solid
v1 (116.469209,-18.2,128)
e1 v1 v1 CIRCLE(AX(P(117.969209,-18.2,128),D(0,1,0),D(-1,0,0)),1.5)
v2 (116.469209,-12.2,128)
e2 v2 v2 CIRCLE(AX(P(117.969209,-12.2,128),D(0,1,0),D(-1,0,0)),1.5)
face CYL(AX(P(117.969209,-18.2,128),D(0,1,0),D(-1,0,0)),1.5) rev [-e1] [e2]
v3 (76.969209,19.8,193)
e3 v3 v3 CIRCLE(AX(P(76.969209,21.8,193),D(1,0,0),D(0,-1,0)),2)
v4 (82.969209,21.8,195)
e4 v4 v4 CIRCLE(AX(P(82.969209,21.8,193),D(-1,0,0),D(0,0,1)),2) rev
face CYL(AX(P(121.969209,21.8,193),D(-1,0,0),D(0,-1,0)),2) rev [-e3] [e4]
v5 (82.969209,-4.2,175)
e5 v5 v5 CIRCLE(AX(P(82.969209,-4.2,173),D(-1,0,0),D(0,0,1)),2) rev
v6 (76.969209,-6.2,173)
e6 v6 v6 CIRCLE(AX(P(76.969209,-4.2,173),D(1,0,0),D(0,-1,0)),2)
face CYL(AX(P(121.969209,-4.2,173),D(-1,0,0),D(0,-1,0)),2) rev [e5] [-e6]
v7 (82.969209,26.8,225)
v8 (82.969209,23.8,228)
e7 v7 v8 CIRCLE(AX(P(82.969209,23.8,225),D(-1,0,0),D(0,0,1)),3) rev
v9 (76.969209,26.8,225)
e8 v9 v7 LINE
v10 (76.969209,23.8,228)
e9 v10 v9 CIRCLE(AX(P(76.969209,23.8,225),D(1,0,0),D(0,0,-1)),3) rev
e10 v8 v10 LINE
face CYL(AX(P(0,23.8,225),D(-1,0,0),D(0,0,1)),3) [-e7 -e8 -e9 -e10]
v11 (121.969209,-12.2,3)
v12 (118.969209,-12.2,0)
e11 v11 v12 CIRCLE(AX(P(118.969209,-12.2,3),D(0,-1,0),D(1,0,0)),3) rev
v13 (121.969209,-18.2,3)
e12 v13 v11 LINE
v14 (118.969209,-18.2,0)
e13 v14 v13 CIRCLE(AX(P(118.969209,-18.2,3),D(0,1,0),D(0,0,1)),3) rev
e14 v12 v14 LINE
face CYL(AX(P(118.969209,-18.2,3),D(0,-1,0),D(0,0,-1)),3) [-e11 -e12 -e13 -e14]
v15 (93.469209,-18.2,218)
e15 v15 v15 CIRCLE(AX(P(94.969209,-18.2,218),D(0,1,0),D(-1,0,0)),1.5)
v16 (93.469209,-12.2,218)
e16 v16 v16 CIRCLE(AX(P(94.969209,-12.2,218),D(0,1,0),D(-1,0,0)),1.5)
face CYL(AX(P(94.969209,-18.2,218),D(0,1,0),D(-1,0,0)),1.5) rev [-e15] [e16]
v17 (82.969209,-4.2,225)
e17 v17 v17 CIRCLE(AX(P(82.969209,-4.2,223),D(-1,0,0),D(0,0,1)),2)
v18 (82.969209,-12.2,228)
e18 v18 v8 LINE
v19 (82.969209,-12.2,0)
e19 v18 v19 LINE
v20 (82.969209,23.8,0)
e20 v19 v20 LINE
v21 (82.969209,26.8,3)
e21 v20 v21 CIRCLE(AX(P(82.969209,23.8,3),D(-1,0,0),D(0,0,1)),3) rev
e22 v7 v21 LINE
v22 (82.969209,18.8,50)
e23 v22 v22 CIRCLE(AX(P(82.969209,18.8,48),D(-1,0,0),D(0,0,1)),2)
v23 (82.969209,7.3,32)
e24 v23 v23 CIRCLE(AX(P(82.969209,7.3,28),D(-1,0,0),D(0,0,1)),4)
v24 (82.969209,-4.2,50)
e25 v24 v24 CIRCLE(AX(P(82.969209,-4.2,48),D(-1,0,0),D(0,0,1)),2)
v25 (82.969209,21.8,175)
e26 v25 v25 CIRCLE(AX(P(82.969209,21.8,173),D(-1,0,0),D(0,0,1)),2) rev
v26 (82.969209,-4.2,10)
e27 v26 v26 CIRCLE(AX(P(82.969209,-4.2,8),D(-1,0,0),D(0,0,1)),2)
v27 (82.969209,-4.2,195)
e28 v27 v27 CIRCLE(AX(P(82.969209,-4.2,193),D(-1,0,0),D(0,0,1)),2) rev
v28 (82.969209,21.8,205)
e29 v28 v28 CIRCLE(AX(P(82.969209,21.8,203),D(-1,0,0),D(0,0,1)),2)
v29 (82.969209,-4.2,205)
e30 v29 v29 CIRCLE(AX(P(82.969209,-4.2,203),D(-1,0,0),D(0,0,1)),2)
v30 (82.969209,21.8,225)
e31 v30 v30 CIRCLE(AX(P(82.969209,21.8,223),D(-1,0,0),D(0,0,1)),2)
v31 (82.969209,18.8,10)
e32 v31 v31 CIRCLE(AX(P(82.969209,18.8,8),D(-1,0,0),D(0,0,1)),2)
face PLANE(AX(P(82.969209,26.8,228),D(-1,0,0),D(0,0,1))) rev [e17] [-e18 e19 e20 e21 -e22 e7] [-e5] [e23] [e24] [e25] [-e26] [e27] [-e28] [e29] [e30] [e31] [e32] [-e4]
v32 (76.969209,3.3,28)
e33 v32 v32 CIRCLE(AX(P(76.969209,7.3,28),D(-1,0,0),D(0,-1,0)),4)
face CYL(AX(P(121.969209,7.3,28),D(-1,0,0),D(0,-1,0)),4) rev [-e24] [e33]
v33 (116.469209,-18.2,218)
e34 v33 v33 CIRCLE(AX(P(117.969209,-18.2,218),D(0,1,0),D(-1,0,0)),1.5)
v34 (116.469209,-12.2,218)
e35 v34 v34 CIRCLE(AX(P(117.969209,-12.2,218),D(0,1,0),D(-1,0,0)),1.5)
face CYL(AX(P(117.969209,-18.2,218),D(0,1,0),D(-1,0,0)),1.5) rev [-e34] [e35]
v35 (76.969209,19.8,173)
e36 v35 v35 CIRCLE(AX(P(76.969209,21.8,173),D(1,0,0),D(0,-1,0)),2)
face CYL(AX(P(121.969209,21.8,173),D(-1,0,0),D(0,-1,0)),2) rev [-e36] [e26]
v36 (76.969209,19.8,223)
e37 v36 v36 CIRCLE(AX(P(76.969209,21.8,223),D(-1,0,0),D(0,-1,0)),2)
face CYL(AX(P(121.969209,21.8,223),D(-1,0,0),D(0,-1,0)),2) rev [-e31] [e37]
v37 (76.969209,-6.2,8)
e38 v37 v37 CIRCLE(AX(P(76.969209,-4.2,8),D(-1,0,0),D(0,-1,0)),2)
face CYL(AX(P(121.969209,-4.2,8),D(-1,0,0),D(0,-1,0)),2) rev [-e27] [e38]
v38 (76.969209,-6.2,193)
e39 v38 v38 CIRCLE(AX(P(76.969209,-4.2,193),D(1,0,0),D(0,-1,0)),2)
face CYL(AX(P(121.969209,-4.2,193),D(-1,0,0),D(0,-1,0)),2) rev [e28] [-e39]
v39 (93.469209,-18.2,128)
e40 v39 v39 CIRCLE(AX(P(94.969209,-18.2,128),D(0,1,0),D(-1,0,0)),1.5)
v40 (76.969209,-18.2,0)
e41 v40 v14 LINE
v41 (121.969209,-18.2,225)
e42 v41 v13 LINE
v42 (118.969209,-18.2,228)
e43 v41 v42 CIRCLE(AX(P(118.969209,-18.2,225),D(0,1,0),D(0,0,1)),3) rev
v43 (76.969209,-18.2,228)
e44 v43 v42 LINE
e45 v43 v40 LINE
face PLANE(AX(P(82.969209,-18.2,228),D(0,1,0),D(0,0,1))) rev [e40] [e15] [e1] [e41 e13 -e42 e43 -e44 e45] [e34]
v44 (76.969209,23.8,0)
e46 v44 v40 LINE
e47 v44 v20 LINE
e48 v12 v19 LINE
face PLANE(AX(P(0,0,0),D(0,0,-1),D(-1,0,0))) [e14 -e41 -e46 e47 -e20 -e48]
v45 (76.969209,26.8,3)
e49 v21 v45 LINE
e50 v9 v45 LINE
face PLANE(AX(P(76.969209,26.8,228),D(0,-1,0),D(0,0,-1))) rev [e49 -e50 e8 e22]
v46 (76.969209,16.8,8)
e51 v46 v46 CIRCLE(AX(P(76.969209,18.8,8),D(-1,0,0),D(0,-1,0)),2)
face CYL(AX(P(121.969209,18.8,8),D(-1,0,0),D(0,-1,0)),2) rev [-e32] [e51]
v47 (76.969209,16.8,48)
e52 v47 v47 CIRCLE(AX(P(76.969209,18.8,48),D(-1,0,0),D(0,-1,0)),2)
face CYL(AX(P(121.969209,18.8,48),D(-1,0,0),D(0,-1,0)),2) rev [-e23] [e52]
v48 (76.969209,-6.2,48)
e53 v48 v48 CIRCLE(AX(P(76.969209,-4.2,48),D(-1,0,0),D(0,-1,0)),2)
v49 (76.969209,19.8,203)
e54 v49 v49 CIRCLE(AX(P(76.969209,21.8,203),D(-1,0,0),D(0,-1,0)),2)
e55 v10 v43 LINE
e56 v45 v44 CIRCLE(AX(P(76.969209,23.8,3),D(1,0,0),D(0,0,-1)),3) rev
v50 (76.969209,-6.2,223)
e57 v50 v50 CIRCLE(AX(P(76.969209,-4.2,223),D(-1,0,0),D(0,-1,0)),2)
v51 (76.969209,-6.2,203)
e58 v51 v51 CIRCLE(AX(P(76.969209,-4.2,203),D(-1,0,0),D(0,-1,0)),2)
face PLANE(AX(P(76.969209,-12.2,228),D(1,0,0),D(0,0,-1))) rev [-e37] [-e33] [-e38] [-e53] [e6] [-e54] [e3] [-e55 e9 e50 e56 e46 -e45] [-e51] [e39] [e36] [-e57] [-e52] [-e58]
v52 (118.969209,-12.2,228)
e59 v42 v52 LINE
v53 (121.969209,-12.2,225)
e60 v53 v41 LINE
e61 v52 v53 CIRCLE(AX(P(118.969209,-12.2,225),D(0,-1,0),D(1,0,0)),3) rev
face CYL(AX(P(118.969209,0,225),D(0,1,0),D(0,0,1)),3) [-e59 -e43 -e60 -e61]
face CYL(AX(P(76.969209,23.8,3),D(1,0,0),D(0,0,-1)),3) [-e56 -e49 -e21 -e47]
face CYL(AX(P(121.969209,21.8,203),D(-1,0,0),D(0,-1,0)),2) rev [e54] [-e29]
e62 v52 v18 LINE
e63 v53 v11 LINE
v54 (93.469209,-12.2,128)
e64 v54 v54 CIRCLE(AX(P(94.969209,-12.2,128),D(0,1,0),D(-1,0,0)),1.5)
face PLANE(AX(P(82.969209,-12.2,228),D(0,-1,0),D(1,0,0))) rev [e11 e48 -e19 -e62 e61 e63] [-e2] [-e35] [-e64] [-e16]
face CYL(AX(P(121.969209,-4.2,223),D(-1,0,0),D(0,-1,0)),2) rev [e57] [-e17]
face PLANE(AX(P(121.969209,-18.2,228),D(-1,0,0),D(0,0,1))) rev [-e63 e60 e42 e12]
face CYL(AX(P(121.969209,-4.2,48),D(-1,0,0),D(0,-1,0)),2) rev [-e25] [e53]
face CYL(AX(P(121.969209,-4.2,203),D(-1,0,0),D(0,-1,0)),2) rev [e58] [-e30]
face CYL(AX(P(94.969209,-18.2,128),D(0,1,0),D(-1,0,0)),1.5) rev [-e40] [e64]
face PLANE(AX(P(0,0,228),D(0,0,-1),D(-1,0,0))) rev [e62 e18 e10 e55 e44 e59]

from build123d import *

# Parameters (mm, degrees)
BOSS_EXTRUDE1_DEPTH = 228
FILLET1_R           = 3
SKETCH5_R           = 2
CUT_EXTRUDE2_DEPTH  = 46
SKETCH6_R           = 2
CUT_EXTRUDE3_DEPTH  = 46
SKETCH7_R           = 4
CUT_EXTRUDE4_DEPTH  = 46
SKETCH8_R           = 1.5
CUT_EXTRUDE5_DEPTH  = 7


with BuildPart() as part:
    # Sketch2 → Boss-Extrude1 (new body)
    with BuildSketch(Plane.XY):
        Polygon((82.969208633, 26.8), (82.969208633, -12.2), (121.969208633, -12.2), (121.969208633, -18.2), (82.969208633, -18.2), (76.969208633, -18.2), (76.969208633, -12.2), (76.969208633, 26.8), align=None)
    extrude(amount=BOSS_EXTRUDE1_DEPTH)

    # Fillet1
    fillet1_edges = [part.edges().sort_by_distance(p)[0] for p in [
        (79.969208633, 26.8, 0),
        (121.969208633, -15.2, 228),
        (79.969208633, 26.8, 228),
        (121.969208633, -15.2, 0),
    ]]
    fillet(fillet1_edges, radius=FILLET1_R)

    # Sketch5 → Cut-Extrude2 (cut, through all)
    with BuildSketch(Plane.ZY.offset(-76.969208633)):
        with Locations((223, 21.8)):
            Circle(SKETCH5_R)
        with Locations((223, -4.2)):
            Circle(SKETCH5_R)
        with Locations((203, 21.8)):
            Circle(SKETCH5_R)
        with Locations((203, -4.2)):
            Circle(SKETCH5_R)
    cut_extrude2 = extrude(amount=-CUT_EXTRUDE2_DEPTH, mode=Mode.SUBTRACT)

    # Mirror1: Cut-Extrude2 across plane
    add(cut_extrude2.mirror(Plane.XY.offset(198)), mode=Mode.SUBTRACT)

    # Sketch6 → Cut-Extrude3 (cut, through all)
    with BuildSketch(Plane.ZY.offset(-76.969208633)):
        with Locations((8, 18.8)):
            Circle(SKETCH6_R)
        with Locations((48, 18.8)):
            Circle(SKETCH6_R)
        with Locations((8, -4.2)):
            Circle(SKETCH6_R)
        with Locations((48, -4.2)):
            Circle(SKETCH6_R)
    extrude(amount=-CUT_EXTRUDE3_DEPTH, mode=Mode.SUBTRACT)

    # Sketch7 → Cut-Extrude4 (cut, through all)
    with BuildSketch(Plane.ZY.offset(-76.969208633)):
        with Locations((28, 7.3)):
            Circle(SKETCH7_R)
    extrude(amount=-CUT_EXTRUDE4_DEPTH, mode=Mode.SUBTRACT)

    # Sketch8 → Cut-Extrude5 (cut, through all)
    with BuildSketch(Plane(origin=(0, -12.2, 0), x_dir=(1, 0, 0), z_dir=(0, 1, 0))):
        with Locations((94.969208633, -218)):
            Circle(SKETCH8_R)
        with Locations((117.969208633, -218)):
            Circle(SKETCH8_R)
        with Locations((117.969208633, -128)):
            Circle(SKETCH8_R)
        with Locations((94.969208633, -128)):
            Circle(SKETCH8_R)
    extrude(amount=-CUT_EXTRUDE5_DEPTH, mode=Mode.SUBTRACT)


solid = part.part
